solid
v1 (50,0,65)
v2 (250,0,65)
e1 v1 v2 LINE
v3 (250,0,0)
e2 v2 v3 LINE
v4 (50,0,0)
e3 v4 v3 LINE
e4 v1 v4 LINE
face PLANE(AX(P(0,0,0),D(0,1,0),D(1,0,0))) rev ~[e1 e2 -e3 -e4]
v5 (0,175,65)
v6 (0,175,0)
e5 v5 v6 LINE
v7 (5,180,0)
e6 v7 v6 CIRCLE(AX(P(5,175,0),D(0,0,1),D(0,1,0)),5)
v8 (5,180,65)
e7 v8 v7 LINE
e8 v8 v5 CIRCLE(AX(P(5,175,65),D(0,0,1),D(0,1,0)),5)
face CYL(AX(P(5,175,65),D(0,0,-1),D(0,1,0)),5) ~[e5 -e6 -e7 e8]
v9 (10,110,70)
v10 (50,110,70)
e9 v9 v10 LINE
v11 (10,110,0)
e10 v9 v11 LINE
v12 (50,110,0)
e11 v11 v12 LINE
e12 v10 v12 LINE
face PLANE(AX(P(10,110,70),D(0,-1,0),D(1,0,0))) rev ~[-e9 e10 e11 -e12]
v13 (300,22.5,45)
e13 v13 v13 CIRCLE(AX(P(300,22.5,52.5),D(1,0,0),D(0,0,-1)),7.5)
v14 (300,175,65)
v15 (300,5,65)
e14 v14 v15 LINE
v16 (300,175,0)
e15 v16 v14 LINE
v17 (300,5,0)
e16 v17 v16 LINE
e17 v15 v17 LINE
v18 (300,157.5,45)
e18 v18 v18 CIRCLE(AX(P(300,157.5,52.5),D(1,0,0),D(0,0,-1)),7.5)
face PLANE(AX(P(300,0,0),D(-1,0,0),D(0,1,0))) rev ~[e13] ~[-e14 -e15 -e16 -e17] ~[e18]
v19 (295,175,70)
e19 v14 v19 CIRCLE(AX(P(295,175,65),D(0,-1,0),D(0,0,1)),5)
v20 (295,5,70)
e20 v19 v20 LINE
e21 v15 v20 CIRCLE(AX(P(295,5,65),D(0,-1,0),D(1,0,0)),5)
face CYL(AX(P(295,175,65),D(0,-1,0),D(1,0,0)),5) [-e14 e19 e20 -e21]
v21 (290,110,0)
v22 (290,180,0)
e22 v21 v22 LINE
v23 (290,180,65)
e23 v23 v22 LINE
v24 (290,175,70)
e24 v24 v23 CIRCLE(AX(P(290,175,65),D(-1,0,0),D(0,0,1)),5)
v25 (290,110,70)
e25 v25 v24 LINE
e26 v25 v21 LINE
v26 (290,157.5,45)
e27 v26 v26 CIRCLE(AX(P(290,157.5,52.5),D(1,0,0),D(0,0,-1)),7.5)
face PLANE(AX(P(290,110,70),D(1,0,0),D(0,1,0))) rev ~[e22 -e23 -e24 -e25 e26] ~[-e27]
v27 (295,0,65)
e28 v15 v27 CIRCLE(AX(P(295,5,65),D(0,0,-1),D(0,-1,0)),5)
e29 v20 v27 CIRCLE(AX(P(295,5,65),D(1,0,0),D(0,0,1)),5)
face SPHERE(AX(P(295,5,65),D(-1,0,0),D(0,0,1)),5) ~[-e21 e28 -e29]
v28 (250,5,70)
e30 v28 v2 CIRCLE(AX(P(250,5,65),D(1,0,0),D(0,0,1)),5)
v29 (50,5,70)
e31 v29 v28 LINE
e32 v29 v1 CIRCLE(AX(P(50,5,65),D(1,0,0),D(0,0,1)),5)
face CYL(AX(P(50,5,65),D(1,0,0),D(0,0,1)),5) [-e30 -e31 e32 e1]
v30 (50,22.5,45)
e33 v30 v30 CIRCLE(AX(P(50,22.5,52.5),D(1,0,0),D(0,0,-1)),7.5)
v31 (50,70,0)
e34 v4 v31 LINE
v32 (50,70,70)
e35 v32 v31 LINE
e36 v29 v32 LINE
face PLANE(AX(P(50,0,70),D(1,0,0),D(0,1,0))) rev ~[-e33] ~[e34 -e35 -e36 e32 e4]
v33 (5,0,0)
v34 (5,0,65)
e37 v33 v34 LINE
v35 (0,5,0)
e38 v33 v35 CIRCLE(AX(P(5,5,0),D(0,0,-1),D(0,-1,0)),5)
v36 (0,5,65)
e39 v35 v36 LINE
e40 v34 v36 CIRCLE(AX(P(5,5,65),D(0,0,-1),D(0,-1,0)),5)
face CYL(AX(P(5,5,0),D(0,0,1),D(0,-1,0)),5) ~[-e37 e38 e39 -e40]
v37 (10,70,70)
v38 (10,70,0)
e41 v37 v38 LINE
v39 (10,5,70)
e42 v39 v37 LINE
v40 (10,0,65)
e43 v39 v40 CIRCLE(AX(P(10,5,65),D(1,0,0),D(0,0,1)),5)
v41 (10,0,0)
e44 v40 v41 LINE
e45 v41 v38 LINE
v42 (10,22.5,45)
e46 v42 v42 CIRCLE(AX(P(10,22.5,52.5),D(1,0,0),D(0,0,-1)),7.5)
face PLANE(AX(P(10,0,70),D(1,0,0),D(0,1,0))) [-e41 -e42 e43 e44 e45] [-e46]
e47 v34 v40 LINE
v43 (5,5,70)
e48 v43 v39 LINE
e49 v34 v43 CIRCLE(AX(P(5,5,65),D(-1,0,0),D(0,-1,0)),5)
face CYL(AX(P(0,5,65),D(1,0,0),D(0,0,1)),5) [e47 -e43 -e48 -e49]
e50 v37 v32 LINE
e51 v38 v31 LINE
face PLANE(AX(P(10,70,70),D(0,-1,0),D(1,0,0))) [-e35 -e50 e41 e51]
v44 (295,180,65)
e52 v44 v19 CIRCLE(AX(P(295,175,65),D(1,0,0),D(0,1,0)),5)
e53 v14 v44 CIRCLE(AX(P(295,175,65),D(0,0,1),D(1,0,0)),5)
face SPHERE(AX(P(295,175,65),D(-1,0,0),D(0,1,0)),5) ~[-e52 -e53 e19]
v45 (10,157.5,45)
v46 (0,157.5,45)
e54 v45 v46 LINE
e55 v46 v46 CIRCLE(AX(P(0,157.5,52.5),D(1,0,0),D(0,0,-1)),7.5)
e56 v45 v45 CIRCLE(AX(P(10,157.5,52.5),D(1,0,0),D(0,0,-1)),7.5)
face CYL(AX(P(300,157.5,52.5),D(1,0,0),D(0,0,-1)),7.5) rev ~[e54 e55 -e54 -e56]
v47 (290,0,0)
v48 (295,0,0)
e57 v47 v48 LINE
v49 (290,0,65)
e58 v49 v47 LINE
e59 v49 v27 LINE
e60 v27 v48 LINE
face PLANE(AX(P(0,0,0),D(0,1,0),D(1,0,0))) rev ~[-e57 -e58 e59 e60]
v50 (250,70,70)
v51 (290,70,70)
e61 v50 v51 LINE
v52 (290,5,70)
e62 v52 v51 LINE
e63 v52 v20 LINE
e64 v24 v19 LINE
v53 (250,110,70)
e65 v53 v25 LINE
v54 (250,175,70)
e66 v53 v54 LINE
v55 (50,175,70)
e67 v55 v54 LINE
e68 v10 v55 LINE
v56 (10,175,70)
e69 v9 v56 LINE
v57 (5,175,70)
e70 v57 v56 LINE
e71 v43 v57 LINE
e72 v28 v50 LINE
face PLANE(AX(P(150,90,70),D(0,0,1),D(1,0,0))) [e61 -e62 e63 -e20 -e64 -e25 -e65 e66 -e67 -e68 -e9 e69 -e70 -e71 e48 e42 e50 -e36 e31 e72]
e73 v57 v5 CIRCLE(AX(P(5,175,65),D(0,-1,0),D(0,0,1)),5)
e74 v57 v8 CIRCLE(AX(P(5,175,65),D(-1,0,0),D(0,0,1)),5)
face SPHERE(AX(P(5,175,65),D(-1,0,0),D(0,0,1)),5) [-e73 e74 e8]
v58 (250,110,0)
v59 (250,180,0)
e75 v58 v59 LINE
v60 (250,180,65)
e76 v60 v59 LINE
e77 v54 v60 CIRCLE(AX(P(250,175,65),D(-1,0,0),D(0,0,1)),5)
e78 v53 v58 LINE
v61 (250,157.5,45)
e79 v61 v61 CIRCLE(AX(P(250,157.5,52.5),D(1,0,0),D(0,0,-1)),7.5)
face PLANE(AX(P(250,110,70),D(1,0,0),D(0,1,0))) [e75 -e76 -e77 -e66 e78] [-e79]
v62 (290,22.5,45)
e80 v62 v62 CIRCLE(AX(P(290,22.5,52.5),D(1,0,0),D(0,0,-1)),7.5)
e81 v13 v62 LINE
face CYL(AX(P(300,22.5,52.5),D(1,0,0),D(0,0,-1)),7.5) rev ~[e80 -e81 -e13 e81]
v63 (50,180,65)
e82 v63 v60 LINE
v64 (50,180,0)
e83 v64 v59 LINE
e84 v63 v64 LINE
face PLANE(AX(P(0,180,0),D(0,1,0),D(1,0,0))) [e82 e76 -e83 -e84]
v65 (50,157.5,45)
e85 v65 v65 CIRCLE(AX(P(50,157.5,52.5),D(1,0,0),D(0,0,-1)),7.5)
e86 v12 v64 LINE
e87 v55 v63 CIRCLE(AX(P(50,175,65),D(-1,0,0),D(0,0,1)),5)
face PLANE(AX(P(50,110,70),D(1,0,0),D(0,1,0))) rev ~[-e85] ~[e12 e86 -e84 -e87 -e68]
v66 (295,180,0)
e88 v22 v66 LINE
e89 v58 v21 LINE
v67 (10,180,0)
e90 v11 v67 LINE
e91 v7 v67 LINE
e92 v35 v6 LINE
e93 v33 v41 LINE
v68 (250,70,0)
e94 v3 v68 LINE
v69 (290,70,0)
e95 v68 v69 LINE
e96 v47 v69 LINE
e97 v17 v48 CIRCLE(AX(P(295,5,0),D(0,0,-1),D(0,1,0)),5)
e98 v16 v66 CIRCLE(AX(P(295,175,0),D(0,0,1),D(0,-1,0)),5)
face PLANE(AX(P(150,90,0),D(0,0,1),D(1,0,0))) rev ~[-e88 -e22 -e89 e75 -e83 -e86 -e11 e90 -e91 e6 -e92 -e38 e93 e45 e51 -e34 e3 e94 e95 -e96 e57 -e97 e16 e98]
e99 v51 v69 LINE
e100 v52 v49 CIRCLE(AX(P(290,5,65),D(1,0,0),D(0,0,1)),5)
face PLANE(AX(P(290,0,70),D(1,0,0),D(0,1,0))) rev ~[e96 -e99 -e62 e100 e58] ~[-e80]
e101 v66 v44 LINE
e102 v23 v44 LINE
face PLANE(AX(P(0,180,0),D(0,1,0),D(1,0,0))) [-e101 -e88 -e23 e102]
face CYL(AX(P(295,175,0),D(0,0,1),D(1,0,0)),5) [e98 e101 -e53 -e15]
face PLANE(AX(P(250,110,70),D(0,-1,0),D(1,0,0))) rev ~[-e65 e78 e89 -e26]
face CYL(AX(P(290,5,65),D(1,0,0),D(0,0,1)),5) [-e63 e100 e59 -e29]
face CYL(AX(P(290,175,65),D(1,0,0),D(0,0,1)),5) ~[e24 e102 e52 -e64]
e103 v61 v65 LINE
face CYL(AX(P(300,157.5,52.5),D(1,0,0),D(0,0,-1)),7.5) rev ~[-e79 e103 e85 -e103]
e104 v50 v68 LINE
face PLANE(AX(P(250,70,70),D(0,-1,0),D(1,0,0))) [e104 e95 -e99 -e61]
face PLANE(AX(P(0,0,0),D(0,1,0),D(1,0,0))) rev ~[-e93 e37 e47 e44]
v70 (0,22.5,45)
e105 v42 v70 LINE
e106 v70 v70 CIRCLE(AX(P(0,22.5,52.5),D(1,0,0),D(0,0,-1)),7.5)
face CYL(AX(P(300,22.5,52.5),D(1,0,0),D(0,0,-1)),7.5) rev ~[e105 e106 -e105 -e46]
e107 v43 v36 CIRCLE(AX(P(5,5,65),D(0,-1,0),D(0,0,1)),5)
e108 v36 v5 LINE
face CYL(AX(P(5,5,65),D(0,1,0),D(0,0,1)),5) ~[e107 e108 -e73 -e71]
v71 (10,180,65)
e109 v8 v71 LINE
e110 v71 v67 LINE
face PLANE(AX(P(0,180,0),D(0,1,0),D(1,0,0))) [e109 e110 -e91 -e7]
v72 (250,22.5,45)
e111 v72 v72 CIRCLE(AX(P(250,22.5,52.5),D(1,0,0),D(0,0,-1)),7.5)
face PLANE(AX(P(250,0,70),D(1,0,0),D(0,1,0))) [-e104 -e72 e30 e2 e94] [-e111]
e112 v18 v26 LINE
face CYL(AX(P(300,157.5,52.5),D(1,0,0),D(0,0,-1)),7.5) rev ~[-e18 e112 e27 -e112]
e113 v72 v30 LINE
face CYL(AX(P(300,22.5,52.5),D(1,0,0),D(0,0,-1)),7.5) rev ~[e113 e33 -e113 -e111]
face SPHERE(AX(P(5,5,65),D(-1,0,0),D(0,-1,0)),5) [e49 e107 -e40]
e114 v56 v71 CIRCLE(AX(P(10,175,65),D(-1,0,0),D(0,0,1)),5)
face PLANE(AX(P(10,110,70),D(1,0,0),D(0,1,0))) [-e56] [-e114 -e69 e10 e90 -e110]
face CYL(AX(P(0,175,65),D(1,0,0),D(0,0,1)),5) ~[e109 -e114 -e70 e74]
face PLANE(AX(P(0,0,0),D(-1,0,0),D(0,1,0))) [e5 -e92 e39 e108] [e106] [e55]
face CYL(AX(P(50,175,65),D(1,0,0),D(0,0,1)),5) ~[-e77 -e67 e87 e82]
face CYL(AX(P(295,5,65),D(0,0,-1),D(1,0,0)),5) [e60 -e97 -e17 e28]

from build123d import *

# Parameters (mm, degrees)
CROQUIS2_W              = 300
CROQUIS2_H              = 180
SALIENTE_EXTRUIR3_DEPTH = 70
CROQUIS3_W              = 40
CROQUIS3_H              = 70
CORTAR_EXTRUIR1_DEPTH   = 70
CROQUIS4_R              = 7.5
CORTAR_EXTRUIR2_DEPTH   = 400
REDONDEO2_R             = 5
REDONDEO3_R             = 5
REDONDEO4_R             = 5
REDONDEO5_R             = 5
REDONDEO6_R             = 5
REDONDEO7_R             = 5
REDONDEO8_R             = 5
REDONDEO9_R             = 5


with BuildPart() as part:
    # Croquis2 → Saliente-Extruir3 (new body)
    with BuildSketch(Plane.XY):
        with Locations((150, 90)):
            Rectangle(CROQUIS2_W, CROQUIS2_H)
    extrude(amount=SALIENTE_EXTRUIR3_DEPTH)

    # Croquis3 → Cortar-Extruir1 (cut)
    with BuildSketch(Plane.XY.offset(70)):
        with Locations((30, 145)):
            Rectangle(CROQUIS3_W, CROQUIS3_H)
        with Locations((270, 35)):
            Rectangle(CROQUIS3_W, CROQUIS3_H)
        with Locations((30, 35)):
            Rectangle(CROQUIS3_W, CROQUIS3_H)
        with Locations((270, 145)):
            Rectangle(CROQUIS3_W, CROQUIS3_H)
    extrude(amount=-CORTAR_EXTRUIR1_DEPTH, mode=Mode.SUBTRACT)

    # Croquis4 → Cortar-Extruir2 (cut)
    with BuildSketch(Plane(origin=(300, 0, 0), x_dir=(0, 0, -1), z_dir=(1, 0, 0))):
        with Locations((-52.5, 157.5)):
            Circle(CROQUIS4_R)
        with Locations((-52.5, 22.5)):
            Circle(CROQUIS4_R)
    extrude(amount=-CORTAR_EXTRUIR2_DEPTH, mode=Mode.SUBTRACT)

    # Redondeo2
    redondeo2_edges = [part.edges().sort_by_distance(p)[0] for p in [
        (150, 0, 70),
    ]]
    fillet(redondeo2_edges, radius=REDONDEO2_R)

    # Redondeo3
    redondeo3_edges = [part.edges().sort_by_distance(p)[0] for p in [
        (150, 180, 70),
    ]]
    fillet(redondeo3_edges, radius=REDONDEO3_R)

    # Redondeo4
    redondeo4_edges = [part.edges().sort_by_distance(p)[0] for p in [
        (5, 180, 70),
    ]]
    fillet(redondeo4_edges, radius=REDONDEO4_R)

    # Redondeo5
    redondeo5_edges = [part.edges().sort_by_distance(p)[0] for p in [
        (295, 180, 70),
    ]]
    fillet(redondeo5_edges, radius=REDONDEO5_R)

    # Redondeo6
    redondeo6_edges = [part.edges().sort_by_distance(p)[0] for p in [
        (295, 0, 70),
    ]]
    fillet(redondeo6_edges, radius=REDONDEO6_R)

    # Redondeo7
    redondeo7_edges = [part.edges().sort_by_distance(p)[0] for p in [
        (5, 0, 70),
    ]]
    fillet(redondeo7_edges, radius=REDONDEO7_R)

    # Redondeo8
    redondeo8_edges = [part.edges().sort_by_distance(p)[0] for p in [
        (0, 90, 70),
        (0, 180, 32.5),
        (0, 0, 32.5),
    ]]
    fillet(redondeo8_edges, radius=REDONDEO8_R)

    # Redondeo9
    redondeo9_edges = [part.edges().sort_by_distance(p)[0] for p in [
        (300, 180, 32.5),
        (300, 90, 70),
        (300, 0, 32.5),
    ]]
    fillet(redondeo9_edges, radius=REDONDEO9_R)


solid = part.part
